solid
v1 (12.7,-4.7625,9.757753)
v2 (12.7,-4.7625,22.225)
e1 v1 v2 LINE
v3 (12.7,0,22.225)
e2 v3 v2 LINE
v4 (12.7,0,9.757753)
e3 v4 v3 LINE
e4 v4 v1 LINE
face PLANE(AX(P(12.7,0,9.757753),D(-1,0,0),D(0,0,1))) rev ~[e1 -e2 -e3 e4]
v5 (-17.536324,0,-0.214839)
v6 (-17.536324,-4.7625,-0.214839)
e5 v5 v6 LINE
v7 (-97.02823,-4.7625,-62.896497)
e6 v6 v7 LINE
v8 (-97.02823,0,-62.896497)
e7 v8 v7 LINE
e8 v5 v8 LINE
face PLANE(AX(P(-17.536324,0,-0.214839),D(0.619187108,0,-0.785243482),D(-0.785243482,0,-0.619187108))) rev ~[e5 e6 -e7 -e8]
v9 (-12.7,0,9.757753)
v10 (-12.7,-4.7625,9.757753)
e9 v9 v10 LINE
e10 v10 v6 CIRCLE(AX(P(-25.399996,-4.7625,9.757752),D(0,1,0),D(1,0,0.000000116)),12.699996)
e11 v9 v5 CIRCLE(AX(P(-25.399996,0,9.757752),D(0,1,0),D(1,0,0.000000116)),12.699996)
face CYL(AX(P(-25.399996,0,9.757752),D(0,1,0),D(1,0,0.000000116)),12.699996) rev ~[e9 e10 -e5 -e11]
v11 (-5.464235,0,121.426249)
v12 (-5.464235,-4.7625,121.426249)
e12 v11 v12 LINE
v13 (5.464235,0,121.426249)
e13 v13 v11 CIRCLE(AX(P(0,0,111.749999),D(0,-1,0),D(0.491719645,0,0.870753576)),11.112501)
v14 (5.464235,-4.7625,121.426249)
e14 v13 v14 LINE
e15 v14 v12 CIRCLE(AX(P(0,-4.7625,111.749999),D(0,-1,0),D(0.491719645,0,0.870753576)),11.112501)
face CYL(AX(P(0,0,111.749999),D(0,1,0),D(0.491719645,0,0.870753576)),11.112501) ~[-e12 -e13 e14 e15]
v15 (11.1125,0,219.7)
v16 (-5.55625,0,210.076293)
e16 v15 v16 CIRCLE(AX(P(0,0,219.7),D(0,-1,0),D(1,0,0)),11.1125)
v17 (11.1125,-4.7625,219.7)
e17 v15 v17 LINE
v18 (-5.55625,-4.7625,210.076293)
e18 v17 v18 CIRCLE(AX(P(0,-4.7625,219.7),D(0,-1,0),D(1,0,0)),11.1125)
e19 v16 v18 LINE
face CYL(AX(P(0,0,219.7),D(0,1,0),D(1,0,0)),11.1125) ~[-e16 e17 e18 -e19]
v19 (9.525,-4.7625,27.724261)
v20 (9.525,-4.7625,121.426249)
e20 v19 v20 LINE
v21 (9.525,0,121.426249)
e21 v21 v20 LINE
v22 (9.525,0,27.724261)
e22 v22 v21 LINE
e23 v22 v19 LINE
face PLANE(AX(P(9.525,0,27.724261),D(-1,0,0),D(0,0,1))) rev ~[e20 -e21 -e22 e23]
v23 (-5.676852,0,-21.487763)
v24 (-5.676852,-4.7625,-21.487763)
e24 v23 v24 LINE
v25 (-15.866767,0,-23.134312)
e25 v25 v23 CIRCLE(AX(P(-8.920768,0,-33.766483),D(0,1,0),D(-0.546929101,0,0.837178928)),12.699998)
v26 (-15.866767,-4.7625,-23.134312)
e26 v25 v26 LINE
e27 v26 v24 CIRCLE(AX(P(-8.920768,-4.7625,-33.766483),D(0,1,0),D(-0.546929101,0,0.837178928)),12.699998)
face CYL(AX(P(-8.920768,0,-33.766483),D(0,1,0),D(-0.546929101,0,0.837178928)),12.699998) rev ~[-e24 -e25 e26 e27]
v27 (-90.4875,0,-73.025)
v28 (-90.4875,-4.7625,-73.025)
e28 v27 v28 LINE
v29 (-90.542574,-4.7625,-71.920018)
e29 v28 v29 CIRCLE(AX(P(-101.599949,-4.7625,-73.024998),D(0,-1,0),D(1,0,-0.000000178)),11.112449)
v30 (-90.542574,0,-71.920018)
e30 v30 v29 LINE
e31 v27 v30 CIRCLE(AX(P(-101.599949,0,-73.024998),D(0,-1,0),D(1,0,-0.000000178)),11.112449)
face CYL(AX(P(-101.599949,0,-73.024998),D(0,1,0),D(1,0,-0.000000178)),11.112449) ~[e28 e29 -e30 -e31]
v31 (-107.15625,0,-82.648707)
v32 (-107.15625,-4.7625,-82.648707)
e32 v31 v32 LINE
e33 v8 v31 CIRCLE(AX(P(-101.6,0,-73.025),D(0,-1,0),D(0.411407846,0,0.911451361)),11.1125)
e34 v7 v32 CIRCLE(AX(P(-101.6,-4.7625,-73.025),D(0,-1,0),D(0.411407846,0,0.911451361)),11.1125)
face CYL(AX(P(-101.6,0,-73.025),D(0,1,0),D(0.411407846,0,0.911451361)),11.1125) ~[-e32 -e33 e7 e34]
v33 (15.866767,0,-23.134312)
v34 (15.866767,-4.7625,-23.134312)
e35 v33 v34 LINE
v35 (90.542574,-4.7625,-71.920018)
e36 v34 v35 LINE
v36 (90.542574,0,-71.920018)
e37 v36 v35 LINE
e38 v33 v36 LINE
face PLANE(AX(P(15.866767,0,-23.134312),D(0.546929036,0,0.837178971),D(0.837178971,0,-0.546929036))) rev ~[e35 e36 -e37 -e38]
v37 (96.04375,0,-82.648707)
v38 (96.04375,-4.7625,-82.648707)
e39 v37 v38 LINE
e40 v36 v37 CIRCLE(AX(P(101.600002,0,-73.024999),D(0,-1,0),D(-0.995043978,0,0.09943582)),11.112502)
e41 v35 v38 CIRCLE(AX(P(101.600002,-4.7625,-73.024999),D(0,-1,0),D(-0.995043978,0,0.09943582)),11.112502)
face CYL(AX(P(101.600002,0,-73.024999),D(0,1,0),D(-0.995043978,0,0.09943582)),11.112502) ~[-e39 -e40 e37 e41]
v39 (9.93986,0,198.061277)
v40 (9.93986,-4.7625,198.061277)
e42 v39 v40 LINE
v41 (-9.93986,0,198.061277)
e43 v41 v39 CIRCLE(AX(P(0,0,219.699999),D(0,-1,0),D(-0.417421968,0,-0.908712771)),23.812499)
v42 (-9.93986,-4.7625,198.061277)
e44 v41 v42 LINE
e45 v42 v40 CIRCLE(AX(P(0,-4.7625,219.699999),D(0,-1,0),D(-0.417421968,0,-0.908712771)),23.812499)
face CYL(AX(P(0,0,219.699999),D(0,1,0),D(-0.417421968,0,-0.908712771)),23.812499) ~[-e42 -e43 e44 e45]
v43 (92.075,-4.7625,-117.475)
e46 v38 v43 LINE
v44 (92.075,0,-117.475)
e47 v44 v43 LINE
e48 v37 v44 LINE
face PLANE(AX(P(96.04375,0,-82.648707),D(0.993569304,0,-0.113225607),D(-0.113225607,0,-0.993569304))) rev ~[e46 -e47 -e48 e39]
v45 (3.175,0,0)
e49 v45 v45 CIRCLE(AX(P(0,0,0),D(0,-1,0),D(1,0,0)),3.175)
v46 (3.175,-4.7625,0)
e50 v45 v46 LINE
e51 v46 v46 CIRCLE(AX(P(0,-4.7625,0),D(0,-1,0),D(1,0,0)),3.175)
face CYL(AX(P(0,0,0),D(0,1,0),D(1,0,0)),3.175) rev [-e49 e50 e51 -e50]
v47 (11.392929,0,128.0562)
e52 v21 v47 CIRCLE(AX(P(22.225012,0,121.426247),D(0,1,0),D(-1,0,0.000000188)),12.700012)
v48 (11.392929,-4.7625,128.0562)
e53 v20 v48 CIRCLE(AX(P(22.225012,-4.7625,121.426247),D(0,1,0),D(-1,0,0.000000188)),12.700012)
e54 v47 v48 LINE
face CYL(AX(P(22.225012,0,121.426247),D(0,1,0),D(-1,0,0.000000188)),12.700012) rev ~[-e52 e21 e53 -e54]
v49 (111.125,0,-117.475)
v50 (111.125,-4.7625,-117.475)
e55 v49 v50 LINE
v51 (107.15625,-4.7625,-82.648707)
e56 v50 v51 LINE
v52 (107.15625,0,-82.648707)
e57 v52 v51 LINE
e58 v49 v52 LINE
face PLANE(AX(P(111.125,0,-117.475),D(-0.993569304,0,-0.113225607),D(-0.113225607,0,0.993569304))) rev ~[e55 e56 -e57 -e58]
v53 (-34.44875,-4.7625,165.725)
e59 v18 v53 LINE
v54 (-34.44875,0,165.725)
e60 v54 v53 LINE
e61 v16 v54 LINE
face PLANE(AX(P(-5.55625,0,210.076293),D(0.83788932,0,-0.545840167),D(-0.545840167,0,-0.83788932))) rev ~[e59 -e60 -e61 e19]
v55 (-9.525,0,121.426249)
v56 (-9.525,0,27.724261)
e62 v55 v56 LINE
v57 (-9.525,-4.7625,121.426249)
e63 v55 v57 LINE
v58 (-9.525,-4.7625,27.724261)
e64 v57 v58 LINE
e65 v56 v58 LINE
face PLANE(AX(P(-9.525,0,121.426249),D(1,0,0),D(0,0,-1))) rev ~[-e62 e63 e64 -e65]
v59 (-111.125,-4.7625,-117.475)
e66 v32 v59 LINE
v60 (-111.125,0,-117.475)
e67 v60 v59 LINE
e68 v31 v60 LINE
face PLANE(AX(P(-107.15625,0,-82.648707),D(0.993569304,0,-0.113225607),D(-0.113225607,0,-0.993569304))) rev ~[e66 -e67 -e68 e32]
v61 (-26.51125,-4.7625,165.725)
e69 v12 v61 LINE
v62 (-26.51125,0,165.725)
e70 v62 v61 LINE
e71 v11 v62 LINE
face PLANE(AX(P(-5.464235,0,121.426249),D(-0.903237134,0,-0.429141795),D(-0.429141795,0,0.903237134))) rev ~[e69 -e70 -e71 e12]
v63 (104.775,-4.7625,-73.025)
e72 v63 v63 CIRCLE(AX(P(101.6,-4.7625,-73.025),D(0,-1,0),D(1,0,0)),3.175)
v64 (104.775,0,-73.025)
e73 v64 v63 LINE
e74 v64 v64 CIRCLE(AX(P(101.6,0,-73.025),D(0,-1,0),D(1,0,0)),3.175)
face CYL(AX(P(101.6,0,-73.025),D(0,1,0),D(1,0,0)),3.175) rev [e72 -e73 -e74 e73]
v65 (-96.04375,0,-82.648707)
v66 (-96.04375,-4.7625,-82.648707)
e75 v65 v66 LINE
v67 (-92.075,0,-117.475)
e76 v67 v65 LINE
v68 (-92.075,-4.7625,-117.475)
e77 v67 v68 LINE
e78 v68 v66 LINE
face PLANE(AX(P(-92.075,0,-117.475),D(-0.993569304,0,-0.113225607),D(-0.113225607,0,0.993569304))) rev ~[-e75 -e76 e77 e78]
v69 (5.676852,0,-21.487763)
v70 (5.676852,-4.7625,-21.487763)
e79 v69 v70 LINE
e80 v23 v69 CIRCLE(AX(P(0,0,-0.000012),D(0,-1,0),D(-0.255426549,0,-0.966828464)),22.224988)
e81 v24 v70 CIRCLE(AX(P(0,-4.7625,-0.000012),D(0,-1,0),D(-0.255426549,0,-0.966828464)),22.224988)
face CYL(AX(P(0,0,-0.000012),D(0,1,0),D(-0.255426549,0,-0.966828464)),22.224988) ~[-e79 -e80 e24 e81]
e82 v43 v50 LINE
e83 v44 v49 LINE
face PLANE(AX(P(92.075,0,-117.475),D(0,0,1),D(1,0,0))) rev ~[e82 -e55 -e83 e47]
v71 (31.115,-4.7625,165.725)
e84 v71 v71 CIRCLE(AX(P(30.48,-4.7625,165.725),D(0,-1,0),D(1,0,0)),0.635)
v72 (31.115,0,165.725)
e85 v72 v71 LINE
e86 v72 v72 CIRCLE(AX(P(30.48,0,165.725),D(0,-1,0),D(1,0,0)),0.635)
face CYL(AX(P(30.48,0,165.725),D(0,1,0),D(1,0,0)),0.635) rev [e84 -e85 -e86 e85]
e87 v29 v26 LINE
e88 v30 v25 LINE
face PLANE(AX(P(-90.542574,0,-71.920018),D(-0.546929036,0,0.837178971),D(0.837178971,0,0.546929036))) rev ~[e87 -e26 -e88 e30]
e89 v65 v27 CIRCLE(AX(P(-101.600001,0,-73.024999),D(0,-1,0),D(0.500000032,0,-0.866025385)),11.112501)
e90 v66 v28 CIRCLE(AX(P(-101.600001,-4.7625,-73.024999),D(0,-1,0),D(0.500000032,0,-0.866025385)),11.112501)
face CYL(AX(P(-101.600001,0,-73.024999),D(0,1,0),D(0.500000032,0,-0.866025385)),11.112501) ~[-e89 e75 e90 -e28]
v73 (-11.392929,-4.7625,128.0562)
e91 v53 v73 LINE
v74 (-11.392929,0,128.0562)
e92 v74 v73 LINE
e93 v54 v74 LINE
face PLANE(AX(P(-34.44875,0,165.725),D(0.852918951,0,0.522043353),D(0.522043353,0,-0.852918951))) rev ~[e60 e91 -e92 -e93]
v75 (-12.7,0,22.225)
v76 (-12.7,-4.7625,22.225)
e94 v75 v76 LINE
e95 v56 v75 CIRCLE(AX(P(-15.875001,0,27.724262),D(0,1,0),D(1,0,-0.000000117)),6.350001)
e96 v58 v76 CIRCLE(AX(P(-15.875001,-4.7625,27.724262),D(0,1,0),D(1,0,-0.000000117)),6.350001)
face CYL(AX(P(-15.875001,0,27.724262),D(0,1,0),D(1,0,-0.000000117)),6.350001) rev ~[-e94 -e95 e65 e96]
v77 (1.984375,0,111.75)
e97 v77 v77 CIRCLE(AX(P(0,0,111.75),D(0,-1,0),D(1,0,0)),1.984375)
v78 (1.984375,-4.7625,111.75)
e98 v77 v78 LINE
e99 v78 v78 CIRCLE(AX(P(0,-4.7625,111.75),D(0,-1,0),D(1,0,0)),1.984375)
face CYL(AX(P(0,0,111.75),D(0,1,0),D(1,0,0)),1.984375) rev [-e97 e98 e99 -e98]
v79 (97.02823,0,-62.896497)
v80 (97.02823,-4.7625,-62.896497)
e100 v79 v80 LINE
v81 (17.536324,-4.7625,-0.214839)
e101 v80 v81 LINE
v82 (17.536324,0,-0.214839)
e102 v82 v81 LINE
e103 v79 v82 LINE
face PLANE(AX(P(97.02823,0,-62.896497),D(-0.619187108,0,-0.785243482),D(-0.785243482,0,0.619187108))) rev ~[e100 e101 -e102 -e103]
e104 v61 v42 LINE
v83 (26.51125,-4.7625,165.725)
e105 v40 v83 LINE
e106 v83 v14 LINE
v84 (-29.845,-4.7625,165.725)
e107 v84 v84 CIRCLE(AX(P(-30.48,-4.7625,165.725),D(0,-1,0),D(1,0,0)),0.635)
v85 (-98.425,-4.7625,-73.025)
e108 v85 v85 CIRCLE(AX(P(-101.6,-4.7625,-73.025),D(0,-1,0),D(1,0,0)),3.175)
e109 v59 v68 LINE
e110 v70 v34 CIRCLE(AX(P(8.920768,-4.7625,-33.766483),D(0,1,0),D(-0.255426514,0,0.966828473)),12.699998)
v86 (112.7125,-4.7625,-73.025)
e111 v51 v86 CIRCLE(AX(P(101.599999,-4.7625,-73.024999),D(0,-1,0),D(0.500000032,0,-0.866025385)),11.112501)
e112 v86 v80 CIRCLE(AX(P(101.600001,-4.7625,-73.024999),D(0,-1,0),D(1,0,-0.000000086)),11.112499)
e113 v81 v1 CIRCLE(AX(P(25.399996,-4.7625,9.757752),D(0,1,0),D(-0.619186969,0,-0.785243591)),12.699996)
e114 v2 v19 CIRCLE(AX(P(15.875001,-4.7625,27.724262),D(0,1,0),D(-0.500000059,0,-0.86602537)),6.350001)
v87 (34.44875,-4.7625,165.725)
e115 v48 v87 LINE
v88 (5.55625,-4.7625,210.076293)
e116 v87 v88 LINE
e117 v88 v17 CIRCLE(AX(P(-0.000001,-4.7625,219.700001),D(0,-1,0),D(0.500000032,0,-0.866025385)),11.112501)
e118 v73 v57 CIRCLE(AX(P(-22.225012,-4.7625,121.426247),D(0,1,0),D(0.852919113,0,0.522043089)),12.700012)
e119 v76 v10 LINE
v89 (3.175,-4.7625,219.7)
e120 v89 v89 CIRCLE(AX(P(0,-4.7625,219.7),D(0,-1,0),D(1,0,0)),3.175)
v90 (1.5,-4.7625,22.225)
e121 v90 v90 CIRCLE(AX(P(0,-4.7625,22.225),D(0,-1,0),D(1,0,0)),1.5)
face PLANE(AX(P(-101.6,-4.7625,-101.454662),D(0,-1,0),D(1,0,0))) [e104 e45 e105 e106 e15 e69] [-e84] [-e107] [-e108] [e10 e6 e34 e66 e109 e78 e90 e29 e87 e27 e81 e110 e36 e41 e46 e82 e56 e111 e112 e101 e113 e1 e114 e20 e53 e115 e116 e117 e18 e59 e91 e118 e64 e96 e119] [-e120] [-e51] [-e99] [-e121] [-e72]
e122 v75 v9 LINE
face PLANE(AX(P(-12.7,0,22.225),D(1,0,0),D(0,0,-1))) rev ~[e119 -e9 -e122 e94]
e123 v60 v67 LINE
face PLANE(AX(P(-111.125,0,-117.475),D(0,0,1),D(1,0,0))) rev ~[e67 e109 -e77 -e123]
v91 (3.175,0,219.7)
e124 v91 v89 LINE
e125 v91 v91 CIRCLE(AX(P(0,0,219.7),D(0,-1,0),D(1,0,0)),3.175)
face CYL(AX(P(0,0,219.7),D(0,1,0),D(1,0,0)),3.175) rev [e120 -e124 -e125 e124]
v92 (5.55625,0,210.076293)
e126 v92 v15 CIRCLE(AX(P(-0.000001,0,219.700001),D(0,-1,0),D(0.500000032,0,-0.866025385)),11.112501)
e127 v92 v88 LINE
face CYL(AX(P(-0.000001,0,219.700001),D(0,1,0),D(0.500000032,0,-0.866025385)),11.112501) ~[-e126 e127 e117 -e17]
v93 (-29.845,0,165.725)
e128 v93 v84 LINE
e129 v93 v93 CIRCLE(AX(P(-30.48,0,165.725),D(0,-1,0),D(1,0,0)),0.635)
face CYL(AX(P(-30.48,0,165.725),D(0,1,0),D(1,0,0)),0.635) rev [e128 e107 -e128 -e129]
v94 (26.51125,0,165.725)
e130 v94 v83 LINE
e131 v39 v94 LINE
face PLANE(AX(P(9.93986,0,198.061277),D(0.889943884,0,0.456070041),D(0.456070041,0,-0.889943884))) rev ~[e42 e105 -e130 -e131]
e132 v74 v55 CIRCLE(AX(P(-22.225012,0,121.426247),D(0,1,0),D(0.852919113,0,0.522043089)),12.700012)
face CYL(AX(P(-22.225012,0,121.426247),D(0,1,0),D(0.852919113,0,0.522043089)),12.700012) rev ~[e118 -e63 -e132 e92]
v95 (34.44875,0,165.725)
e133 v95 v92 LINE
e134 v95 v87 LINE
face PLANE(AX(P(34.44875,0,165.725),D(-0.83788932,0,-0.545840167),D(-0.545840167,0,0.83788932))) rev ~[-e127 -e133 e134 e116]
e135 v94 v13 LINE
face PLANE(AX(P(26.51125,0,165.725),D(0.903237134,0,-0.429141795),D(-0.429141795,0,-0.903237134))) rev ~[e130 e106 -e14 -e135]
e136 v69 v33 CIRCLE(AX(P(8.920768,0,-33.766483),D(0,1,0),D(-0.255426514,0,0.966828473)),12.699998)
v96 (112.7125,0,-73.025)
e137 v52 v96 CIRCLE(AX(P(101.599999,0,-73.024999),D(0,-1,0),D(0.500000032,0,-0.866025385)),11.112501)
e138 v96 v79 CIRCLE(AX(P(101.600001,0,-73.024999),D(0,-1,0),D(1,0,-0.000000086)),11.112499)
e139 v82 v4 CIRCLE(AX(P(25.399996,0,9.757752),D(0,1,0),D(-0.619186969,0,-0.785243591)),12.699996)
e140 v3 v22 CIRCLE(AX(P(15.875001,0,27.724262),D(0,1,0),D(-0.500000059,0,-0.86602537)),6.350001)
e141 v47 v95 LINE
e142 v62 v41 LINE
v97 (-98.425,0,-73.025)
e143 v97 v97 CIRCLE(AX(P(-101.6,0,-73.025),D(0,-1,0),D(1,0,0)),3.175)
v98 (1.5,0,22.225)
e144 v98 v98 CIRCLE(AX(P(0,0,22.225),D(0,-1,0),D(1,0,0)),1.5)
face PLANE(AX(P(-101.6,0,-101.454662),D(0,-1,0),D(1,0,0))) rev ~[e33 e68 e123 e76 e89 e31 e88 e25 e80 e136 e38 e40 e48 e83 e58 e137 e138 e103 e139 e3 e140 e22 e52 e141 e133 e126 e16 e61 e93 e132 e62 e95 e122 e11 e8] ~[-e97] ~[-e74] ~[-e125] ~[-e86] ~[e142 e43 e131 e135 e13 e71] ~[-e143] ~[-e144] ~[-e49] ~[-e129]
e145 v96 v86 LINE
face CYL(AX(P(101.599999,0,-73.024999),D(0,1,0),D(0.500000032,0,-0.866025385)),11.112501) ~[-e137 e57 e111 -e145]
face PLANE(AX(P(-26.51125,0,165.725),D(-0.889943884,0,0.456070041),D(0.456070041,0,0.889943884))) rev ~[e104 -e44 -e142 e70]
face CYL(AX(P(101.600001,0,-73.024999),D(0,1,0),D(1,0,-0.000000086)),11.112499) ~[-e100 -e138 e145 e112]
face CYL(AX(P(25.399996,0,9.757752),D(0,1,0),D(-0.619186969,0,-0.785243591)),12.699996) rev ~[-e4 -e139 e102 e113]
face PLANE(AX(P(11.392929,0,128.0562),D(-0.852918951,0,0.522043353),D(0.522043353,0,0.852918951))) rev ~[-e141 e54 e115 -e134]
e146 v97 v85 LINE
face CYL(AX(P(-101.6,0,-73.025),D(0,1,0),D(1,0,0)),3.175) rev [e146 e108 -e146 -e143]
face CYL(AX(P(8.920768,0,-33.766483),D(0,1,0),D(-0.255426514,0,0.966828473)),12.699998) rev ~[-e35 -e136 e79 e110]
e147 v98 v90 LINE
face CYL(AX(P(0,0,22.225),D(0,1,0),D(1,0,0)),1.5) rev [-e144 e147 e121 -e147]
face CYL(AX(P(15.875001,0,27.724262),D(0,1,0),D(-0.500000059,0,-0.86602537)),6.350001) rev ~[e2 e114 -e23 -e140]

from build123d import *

# Parameters (mm, degrees)
F0_R     = 3.175
F0_R_2   = 1.5
F0_R_3   = 0.635
F0_R_4   = 1.984375
F1_DEPTH = 4.7625


with BuildPart() as f1:
    # F0 (on Front) → F1 (new body)
    with BuildSketch(Plane.XZ):
        with BuildLine():
            Line((-107.15625, -82.648707), (-111.125, -117.475))
            Line((-111.125, -117.475), (-92.075, -117.475))
            Line((-92.075, -117.475), (-96.04375, -82.648707))
            ThreePointArc((-96.04375, -82.648707), (-101.6, -84.1375), (-107.15625, -82.648707))
        make_face()
        with BuildLine():
            ThreePointArc((-97.02823, -62.896497), (-111.488364, -67.954704), (-107.15625, -82.648707))
            ThreePointArc((-107.15625, -82.648707), (-101.6, -84.1375), (-96.04375, -82.648707))
            ThreePointArc((-96.04375, -82.648707), (-91.976293, -78.58125), (-90.4875, -73.025))
            ThreePointArc((-90.4875, -73.025), (-90.501277, -72.471823), (-90.542574, -71.920018))
            ThreePointArc((-90.542574, -71.920018), (-92.576479, -66.539344), (-97.02823, -62.896497))
        make_face()
        with Locations((-101.6, -73.025)):
            Circle(F0_R, mode=Mode.SUBTRACT)
        with BuildLine():
            Line((-17.536324, -0.214839), (-97.02823, -62.896497))
            ThreePointArc((-97.02823, -62.896497), (-92.576479, -66.539344), (-90.542574, -71.920018))
            Line((-90.542574, -71.920018), (-15.866767, -23.134312))
            ThreePointArc((-15.866767, -23.134312), (-10.946635, -21.229106), (-5.676852, -21.487763))
            ThreePointArc((-5.676852, -21.487763), (0, -22.225), (5.676852, -21.487763))
            ThreePointArc((5.676852, -21.487763), (10.946635, -21.229106), (15.866767, -23.134312))
            Line((15.866767, -23.134312), (90.542574, -71.920018))
            ThreePointArc((90.542574, -71.920018), (92.576479, -66.539344), (97.02823, -62.896497))
            Line((97.02823, -62.896497), (17.536324, -0.214839))
            ThreePointArc((17.536324, -0.214839), (13.972868, 4.216033), (12.7, 9.757753))
            Line((12.7, 9.757753), (12.7, 22.225))
            ThreePointArc((12.7, 22.225), (10.375739, 24.549261), (9.525, 27.724261))
            Line((9.525, 27.724261), (9.525, 121.426249))
            ThreePointArc((9.525, 121.426249), (10.000899, 124.87028), (11.392929, 128.0562))
            Line((11.392929, 128.0562), (34.44875, 165.725))
            Line((34.44875, 165.725), (5.55625, 210.076293))
            ThreePointArc((5.55625, 210.076293), (0, 208.5875), (-5.55625, 210.076293))
            Line((-5.55625, 210.076293), (-34.44875, 165.725))
            Line((-34.44875, 165.725), (-11.392929, 128.0562))
            ThreePointArc((-11.392929, 128.0562), (-10.000899, 124.87028), (-9.525, 121.426249))
            Line((-9.525, 121.426249), (-9.525, 27.724261))
            ThreePointArc((-9.525, 27.724261), (-10.375739, 24.549261), (-12.7, 22.225))
            Line((-12.7, 22.225), (-12.7, 9.757753))
            ThreePointArc((-12.7, 9.757753), (-13.972868, 4.216033), (-17.536324, -0.214839))
        make_face()
        Circle(F0_R, mode=Mode.SUBTRACT)
        with Locations((0, 22.225)):
            Circle(F0_R_2, mode=Mode.SUBTRACT)
        with Locations((-30.48, 165.725)):
            Circle(F0_R_3, mode=Mode.SUBTRACT)
        with Locations((0, 111.75)):
            Circle(F0_R_4, mode=Mode.SUBTRACT)
        with BuildLine():
            Line((-26.51125, 165.725), (-9.93986, 198.061277))
            ThreePointArc((-9.93986, 198.061277), (0, 195.8875), (9.93986, 198.061277))
            Line((9.93986, 198.061277), (26.51125, 165.725))
            Line((26.51125, 165.725), (5.464235, 121.426249))
            ThreePointArc((5.464235, 121.426249), (0, 122.8625), (-5.464235, 121.426249))
            Line((-5.464235, 121.426249), (-26.51125, 165.725))
        make_face(mode=Mode.SUBTRACT)
        with Locations((30.48, 165.725)):
            Circle(F0_R_3, mode=Mode.SUBTRACT)
        with BuildLine():
            ThreePointArc((97.02823, -62.896497), (92.576479, -66.539344), (90.542574, -71.920018))
            ThreePointArc((90.542574, -71.920018), (91.711636, -78.095296), (96.04375, -82.648707))
            ThreePointArc((96.04375, -82.648707), (101.6, -84.1375), (107.15625, -82.648707))
            ThreePointArc((107.15625, -82.648707), (111.223707, -78.58125), (112.7125, -73.025))
            ThreePointArc((112.7125, -73.025), (107.628427, -63.689812), (97.02823, -62.896497))
        make_face()
        with Locations((101.6, -73.025)):
            Circle(F0_R, mode=Mode.SUBTRACT)
        with BuildLine():
            ThreePointArc((107.15625, -82.648707), (101.6, -84.1375), (96.04375, -82.648707))
            Line((96.04375, -82.648707), (92.075, -117.475))
            Line((92.075, -117.475), (111.125, -117.475))
            Line((111.125, -117.475), (107.15625, -82.648707))
        make_face()
        with BuildLine():
            ThreePointArc((11.1125, 219.7), (-5.55625, 229.323707), (-5.55625, 210.076293))
            ThreePointArc((-5.55625, 210.076293), (0, 208.5875), (5.55625, 210.076293))
            ThreePointArc((5.55625, 210.076293), (9.623707, 214.14375), (11.1125, 219.7))
        make_face()
        with Locations((0, 219.7)):
            Circle(F0_R, mode=Mode.SUBTRACT)
    extrude(amount=F1_DEPTH)


solid = f1.part
